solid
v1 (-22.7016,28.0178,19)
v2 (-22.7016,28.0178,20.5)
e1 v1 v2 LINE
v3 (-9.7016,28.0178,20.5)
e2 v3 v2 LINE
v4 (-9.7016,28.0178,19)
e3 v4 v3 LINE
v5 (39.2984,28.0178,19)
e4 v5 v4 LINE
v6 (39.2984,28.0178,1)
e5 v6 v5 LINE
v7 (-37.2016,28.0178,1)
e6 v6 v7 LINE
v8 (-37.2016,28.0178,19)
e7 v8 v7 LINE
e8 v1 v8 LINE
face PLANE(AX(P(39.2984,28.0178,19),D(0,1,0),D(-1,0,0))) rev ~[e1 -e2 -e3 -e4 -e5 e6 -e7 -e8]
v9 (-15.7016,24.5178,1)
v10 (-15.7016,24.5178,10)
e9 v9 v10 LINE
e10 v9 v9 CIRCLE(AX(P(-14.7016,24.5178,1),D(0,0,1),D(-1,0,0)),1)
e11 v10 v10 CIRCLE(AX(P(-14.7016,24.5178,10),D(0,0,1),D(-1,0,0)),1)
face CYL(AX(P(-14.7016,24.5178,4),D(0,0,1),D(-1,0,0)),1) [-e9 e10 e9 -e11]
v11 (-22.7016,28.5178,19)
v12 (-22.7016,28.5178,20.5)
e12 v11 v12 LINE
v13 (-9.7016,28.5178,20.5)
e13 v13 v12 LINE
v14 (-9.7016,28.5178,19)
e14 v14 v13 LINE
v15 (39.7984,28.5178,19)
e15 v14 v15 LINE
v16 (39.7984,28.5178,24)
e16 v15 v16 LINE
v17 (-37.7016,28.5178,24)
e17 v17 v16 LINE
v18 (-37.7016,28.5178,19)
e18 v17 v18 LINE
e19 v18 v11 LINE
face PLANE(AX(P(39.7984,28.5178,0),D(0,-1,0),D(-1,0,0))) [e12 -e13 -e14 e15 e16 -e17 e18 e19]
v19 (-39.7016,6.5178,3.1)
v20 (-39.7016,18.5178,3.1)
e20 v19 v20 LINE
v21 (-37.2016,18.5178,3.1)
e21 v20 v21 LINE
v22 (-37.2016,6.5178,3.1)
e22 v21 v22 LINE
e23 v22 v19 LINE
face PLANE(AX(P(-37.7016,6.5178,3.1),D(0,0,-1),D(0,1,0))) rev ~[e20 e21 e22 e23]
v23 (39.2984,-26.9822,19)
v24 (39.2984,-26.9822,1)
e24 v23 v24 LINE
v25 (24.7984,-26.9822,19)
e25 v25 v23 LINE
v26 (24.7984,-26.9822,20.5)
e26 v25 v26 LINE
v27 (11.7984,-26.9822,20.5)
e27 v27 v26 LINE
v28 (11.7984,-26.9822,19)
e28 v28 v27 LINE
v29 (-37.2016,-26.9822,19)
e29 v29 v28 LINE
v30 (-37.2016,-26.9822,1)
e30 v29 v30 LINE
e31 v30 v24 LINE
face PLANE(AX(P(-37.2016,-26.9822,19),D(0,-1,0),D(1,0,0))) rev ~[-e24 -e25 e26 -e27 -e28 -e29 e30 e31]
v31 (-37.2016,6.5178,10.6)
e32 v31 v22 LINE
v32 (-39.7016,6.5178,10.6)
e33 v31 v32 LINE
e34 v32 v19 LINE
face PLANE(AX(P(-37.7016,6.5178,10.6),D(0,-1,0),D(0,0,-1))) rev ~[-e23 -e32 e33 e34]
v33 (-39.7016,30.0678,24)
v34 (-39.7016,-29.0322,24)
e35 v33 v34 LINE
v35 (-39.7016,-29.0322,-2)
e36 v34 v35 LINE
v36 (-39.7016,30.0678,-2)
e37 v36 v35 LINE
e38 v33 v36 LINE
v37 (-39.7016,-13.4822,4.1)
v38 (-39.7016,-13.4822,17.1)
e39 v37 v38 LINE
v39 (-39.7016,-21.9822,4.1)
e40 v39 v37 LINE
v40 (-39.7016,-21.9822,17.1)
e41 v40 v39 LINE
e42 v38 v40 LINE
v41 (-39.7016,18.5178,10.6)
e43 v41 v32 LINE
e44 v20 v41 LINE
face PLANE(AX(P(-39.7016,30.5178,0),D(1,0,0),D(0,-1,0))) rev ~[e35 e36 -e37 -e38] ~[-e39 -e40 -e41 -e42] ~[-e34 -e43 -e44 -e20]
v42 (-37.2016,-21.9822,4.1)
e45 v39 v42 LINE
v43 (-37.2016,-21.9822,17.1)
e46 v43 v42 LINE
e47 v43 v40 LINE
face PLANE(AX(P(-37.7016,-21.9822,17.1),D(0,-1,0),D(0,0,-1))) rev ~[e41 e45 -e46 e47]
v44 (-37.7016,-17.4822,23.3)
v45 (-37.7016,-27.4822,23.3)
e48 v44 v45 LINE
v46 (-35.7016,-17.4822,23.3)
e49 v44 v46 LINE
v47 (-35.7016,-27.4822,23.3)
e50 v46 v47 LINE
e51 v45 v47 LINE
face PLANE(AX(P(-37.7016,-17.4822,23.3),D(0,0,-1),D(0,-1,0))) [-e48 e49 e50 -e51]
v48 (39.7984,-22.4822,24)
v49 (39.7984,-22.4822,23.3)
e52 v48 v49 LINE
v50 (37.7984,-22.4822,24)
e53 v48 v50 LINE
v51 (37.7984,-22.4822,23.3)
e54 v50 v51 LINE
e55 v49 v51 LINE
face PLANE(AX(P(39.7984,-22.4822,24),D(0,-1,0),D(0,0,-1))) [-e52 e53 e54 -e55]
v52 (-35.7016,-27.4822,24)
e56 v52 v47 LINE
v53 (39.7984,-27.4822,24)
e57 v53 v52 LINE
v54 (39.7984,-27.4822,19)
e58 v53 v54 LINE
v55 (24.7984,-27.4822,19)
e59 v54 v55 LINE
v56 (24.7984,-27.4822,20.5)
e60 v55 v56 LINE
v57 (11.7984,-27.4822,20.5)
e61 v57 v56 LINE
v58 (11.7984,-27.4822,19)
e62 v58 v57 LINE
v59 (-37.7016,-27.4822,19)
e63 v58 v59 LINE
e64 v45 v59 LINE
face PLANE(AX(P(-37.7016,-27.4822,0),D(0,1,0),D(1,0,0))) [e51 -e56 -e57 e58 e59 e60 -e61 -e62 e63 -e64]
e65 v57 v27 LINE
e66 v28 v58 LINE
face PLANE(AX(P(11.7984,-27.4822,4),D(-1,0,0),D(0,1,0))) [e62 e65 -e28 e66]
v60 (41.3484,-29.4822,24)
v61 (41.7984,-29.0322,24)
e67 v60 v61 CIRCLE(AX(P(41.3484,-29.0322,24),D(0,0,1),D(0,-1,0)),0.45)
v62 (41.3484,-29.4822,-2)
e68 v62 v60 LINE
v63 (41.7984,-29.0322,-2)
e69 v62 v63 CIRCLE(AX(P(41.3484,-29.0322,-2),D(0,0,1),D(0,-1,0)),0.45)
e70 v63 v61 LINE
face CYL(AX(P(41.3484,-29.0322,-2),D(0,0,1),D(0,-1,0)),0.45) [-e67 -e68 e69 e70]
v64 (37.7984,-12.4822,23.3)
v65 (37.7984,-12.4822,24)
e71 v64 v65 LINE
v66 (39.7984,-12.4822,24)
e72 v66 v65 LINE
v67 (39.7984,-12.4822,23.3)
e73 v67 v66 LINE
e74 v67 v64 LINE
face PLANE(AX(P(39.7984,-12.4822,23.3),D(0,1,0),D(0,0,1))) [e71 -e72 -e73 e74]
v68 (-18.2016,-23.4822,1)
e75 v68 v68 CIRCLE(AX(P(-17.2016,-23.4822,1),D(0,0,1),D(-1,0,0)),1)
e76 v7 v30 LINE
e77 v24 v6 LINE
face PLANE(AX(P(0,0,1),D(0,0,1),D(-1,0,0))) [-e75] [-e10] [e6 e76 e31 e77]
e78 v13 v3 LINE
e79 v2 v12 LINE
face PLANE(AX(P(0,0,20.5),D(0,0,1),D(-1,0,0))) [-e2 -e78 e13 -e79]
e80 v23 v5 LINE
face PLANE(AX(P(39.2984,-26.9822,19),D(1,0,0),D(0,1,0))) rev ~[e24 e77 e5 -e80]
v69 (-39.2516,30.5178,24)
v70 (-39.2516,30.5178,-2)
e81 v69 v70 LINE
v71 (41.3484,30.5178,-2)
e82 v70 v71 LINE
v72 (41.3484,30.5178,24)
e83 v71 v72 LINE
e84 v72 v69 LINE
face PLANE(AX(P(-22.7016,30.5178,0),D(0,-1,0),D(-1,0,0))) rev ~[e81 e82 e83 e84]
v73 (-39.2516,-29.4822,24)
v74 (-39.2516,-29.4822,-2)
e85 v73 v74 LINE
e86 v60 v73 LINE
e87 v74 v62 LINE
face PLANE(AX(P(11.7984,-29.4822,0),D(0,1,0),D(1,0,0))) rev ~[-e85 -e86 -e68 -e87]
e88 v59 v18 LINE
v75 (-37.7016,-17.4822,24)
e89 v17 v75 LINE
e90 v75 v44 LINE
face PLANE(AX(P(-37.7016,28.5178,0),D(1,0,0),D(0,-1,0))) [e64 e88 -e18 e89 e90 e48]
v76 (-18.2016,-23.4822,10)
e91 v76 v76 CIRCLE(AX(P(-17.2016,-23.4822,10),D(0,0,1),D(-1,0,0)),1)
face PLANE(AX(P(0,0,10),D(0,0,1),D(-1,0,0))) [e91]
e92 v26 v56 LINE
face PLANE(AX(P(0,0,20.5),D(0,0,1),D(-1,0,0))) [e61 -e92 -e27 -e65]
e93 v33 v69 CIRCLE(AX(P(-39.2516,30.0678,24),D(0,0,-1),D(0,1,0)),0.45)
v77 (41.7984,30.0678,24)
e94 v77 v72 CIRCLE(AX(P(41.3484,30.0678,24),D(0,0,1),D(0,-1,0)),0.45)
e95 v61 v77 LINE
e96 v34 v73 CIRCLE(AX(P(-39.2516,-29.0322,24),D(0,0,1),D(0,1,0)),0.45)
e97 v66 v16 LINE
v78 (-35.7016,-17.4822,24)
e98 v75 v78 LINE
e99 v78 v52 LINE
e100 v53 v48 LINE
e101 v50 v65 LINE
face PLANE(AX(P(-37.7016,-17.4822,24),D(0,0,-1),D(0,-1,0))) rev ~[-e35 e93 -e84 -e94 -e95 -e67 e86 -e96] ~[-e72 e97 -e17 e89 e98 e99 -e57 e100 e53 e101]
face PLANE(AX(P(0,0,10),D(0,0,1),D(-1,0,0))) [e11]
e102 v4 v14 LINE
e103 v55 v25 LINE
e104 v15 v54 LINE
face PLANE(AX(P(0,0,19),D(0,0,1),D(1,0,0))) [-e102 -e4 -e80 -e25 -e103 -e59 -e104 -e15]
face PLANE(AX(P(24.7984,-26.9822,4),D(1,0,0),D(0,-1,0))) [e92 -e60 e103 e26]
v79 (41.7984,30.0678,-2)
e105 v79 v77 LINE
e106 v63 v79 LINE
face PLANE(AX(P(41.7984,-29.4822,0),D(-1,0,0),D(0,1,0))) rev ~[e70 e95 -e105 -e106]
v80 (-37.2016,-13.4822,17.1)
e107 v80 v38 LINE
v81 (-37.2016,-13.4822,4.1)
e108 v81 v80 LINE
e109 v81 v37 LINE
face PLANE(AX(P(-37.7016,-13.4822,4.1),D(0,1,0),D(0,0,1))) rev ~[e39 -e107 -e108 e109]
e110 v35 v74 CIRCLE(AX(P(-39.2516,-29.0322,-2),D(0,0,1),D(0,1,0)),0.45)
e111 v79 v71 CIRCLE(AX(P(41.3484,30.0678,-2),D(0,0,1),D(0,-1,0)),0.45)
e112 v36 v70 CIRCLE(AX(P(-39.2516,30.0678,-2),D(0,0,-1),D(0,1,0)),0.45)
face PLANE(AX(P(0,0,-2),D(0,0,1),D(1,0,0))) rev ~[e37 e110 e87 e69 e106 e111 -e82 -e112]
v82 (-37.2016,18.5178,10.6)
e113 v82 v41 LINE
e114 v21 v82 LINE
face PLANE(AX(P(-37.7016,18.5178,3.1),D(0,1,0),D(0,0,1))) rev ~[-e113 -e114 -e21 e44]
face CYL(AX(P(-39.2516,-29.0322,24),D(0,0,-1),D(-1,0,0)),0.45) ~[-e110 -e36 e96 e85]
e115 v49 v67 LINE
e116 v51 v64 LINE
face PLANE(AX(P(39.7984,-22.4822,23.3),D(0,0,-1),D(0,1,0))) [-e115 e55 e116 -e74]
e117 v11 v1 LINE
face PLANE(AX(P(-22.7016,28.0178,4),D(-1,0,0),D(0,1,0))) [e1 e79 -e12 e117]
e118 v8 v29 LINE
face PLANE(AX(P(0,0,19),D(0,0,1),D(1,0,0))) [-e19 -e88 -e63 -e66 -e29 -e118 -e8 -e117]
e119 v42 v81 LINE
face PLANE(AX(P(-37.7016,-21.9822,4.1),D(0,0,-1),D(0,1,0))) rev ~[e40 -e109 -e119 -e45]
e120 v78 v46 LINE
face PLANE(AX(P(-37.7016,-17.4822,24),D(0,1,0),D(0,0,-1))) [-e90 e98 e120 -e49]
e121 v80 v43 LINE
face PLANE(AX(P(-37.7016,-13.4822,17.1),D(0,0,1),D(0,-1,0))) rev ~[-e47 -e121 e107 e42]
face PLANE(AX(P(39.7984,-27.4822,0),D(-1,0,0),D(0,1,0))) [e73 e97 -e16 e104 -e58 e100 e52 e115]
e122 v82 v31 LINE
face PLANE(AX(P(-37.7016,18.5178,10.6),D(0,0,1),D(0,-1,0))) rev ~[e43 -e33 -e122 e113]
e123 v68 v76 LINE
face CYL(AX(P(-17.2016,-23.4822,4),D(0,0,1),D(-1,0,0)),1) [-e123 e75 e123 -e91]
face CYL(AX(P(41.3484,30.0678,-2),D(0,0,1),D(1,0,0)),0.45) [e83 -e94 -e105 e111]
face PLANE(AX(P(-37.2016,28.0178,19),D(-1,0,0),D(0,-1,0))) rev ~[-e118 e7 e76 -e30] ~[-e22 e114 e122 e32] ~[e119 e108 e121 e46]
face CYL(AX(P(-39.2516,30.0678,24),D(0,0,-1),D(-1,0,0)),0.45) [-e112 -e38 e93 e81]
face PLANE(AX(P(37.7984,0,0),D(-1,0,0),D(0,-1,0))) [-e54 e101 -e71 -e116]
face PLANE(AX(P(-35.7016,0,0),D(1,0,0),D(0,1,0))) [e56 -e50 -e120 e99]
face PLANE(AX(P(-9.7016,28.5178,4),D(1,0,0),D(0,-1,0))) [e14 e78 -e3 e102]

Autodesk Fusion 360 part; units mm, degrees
sketch "Esquisse1" plane through (0, 0, 0) normal (0, 0, 1) x (1, 0, 0)
  line L0 (-37.7016, 28.5178) -> (39.7984, 28.5178)
  line L1 (39.7984, 28.5178) -> (39.7984, -27.4822)
  line L2 (39.7984, -27.4822) -> (-37.7016, -27.4822)
  line L3 (-37.7016, -27.4822) -> (-37.7016, 28.5178)
  dimension "d1" = 77.5
  dimension "d2" = 56
extrude "Extrusion1" add sketch "Esquisse1" along normal blind 19
sketch "Esquisse2" plane through (0, 0, 19) normal (0, 0, 1) x (-1, 0, 0)
  line L0 (37.7016, 27.4822) -> (-39.7984, 27.4822)
  line L1 (-39.7984, 27.4822) -> (-39.7984, -28.5178)
  line L2 (-39.7984, -28.5178) -> (37.7016, -28.5178)
  line L3 (37.7016, -28.5178) -> (37.7016, 27.4822)
  line L4 (-39.2984, -28.0178) -> (37.2016, -28.0178)
  line L5 (37.2016, -28.0178) -> (37.2016, 26.9822)
  line L6 (37.2016, 26.9822) -> (-39.2984, 26.9822)
  line L7 (-39.2984, 26.9822) -> (-39.2984, -28.0178)
  dimension "d5" = -0.5
extrude "Extrusion2" cut sketch "Esquisse2" against normal blind 15 contours L4 L5 L6 L7
sketch "Esquisse5" plane through (0, 0, 4) normal (0, 0, 1) x (-1, 0, 0)
  line L0 (-39.2984, 26.9822) -> (-39.2984, -28.0178)
  line L1 (-39.2984, -28.0178) -> (37.2016, -28.0178)
  line L2 (37.2016, -28.0178) -> (37.2016, 26.9822)
  line L3 (37.2016, 26.9822) -> (-39.2984, 26.9822)
  line L4 (37.7016, 27.4822) -> (-39.7984, 27.4822)
  line L5 (-39.2984, 26.9822) -> (37.2016, 26.9822)
  line L6 (37.2016, -28.0178) -> (-39.2984, -28.0178)
  line L7 (-39.7984, -28.5178) -> (37.7016, -28.5178)
  line L8 (-24.7984, 27.4822) -> (-11.7984, 27.4822)
  line L9 (-11.7984, 27.4822) -> (-11.7984, 26.9822)
  line L10 (-11.7984, 26.9822) -> (-24.7984, 26.9822)
  line L11 (-24.7984, 26.9822) -> (-24.7984, 27.4822)
  line L12 (9.7016, -28.0178) -> (22.7016, -28.0178)
  line L13 (22.7016, -28.0178) -> (22.7016, -28.5178)
  line L14 (22.7016, -28.5178) -> (9.7016, -28.5178)
  line L15 (9.7016, -28.5178) -> (9.7016, -28.0178)
  line L16 (-39.7984, 27.4822) -> (-39.7984, -28.5178)
  line L17 (-39.2984, -28.0178) -> (-39.2984, 26.9822)
  line L18 (37.2016, 26.9822) -> (37.2016, -28.0178)
  line L19 (37.7016, -28.5178) -> (37.7016, 27.4822)
  dimension "d11" = 13
  dimension "d12" = 13
  dimension "d13" = 15
  dimension "d14" = 15
extrude "Extrusion3" add sketch "Esquisse5" along normal blind 16.5 contours L3 L4 L5 L8 L9 L10 L11 | L1 L6 L7 L12 L13 L14 L15
sketch "Esquisse6" plane through (0, 0, 4) normal (0, 0, 1) x (-1, 0, 0)
  line L0 (-39.2984, 26.9822) -> (-39.2984, -28.0178)
  line L1 (-39.2984, -28.0178) -> (37.2016, -28.0178)
  line L2 (37.2016, -28.0178) -> (37.2016, 26.9822)
  line L3 (37.2016, 26.9822) -> (-39.2984, 26.9822)
  circle A0 centre (14.7016, -24.5178) radius 1
  circle A1 centre (17.2016, 23.4822) radius 1
  line L4 (37.7016, -28.5178) -> (37.7016, 27.4822)
  line L5 (9.7016, -28.5178) -> (22.7016, -28.5178)
  line L6 (37.7016, 27.4822) -> (-11.7984, 27.4822)
  dimension "d17" = 2
  dimension "d18" = 2
  dimension "d22" = 4
  dimension "d23" = 4
  dimension "d49" = 20
  dimension "d50" = 22.5
extrude "Extrusion4" add sketch "Esquisse6" along normal blind 6 contours A0 | A1
sketch "Esquisse7" plane through (-37.7016, 0, 0) normal (-1, 0, 0) x (0, -1, 0)
  line L0 (-28.5178, 0) -> (27.4822, 0)
  line L1 (27.4822, 0) -> (27.4822, 19)
  line L2 (27.4822, 19) -> (-28.5178, 19)
  line L3 (-28.5178, 19) -> (-28.5178, 0)
  line L4 (-18.5178, 10.6) -> (-6.5178, 10.6)
  line L5 (-6.5178, 10.6) -> (-6.5178, 3.1)
  line L6 (-6.5178, 3.1) -> (-18.5178, 3.1)
  line L7 (-18.5178, 3.1) -> (-18.5178, 10.6)
  line L8 (13.4822, 17.1) -> (21.9822, 17.1)
  line L9 (21.9822, 17.1) -> (21.9822, 4.1)
  line L10 (21.9822, 4.1) -> (13.4822, 4.1)
  line L11 (13.4822, 4.1) -> (13.4822, 17.1)
  dimension "d26" = 12
  dimension "d27" = 7.5
  dimension "d28" = 10
  dimension "d29" = 8.5
  dimension "d30" = 13
  dimension "d31" = 5.5
  dimension "d32" = 4.1
  dimension "d33" = 3.1
extrude "Extrusion5" cut sketch "Esquisse7" against normal blind 33 contours L4 L5 L6 L7 | L8 L9 L10 L11
extrude "Extrusion6" cut sketch "Esquisse6" against normal blind 3
extrude "Extrusion7" add 1 faces at (-11.8683, 9.8511, 0) along direction (0, 0, -1) blind 2
sketch "Esquisse8" plane through (0, 0, 0) normal (0, 0, 1) x (1, 0, 0)
  line L0 (39.7984, 28.5178) -> (-9.7016, 28.5178)
  line L1 (-9.7016, 28.5178) -> (-22.7016, 28.5178)
  line L2 (-22.7016, 28.5178) -> (-37.7016, 28.5178)
  line L3 (-37.7016, 28.5178) -> (-37.7016, -27.4822)
  line L4 (39.7984, -27.4822) -> (39.7984, 28.5178)
  line L5 (24.7984, -27.4822) -> (39.7984, -27.4822)
  line L6 (11.7984, -27.4822) -> (24.7984, -27.4822)
  line L7 (-37.7016, -27.4822) -> (11.7984, -27.4822)
  line L8 (24.7984, -29.4822) -> (41.7984, -29.4822)
  line L9 (41.7984, -29.4822) -> (41.7984, 30.5178)
  line L10 (41.7984, 30.5178) -> (-9.7016, 30.5178)
  line L11 (-9.7016, 30.5178) -> (-22.7016, 30.5178)
  line L12 (-22.7016, 30.5178) -> (-39.7016, 30.5178)
  line L13 (-39.7016, 30.5178) -> (-39.7016, -29.4822)
  line L14 (-39.7016, -29.4822) -> (11.7984, -29.4822)
  line L15 (11.7984, -29.4822) -> (24.7984, -29.4822)
  dimension "d40" = 2
extrude "Extrusion8" add sketch "Esquisse8" along normal blind 24 and the other way blind 2
extrude "Extrusion9" cut 2 faces at (-37.7016, -16.3155, 8.4333) (-37.7016, 14.5178, 5.6) along direction (1, 0, 0) blind 0 and the other way blind 5
extrude "Extrusion10" add sketch "Esquisse6" along normal blind 6 and the other way blind 2 contours A1
sketch "Esquisse9" plane through (39.7984, 0, 0) normal (-1, 0, 0) x (0, -1, 0)
  line L0 (-28.5178, 19) -> (27.4822, 19)
  line L1 (27.4822, 19) -> (27.4822, 24)
  line L2 (27.4822, 24) -> (-28.5178, 24)
  line L3 (-28.5178, 24) -> (-28.5178, 19)
  line L4 (12.4822, 24) -> (22.4822, 24)
  line L5 (22.4822, 24) -> (22.4822, 23.3)
  line L6 (22.4822, 23.3) -> (12.4822, 23.3)
  line L7 (12.4822, 23.3) -> (12.4822, 24)
  dimension "d55" = 10
  dimension "d56" = 0.7
  dimension "d57" = 5
extrude "Extrusion11" add sketch "Esquisse9" along normal blind 2 contours L2 L4 L5 L6 L7
sketch "Esquisse10" plane through (-37.7016, 0, 0) normal (1, 0, 0) x (0, 1, 0)
  line L0 (-27.4822, 19) -> (28.5178, 19)
  line L1 (28.5178, 19) -> (28.5178, 24)
  line L2 (28.5178, 24) -> (-27.4822, 24)
  line L3 (-27.4822, 24) -> (-27.4822, 19)
  line L4 (-27.4822, 24) -> (-17.4822, 24)
  line L5 (-17.4822, 24) -> (-17.4822, 23.3)
  line L6 (-17.4822, 23.3) -> (-27.4822, 23.3)
  line L7 (-27.4822, 23.3) -> (-27.4822, 24)
  dimension "d60" = 10
  dimension "d61" = 0.7
extrude "Extrusion12" add sketch "Esquisse10" along normal blind 2 contours L2 L3 L4 L5 L6 L7
fillet "Congé1" radius 0.45 4 edges at (41.7984, -29.4822, 11) (41.7984, 30.5178, 11) (-39.7016, 30.5178, 11) (-39.7016, -29.4822, 11)
equation "d1 = LongueurBoite"
equation "d2 = LargeurBoite"
equation "d26 = LargeurTrouUSB"
equation "d27 = HauteurTrouUSB"
equation "d28 = DistanceBordTrouUSB"
equation "d29 = LargeurTrouAC"
equation "d30 = HauteurTrouAC"
equation "d31 = DistanceBordTrouAC"
equation "d32 = DistanceDessousTrouAC"
equation "d33 = DistanceDessousTrouUSB"
equation "LargeurBoite = 56 mm"
equation "LongueurBoite = 77.5 mm"
equation "LargeurTrouAC = 8.5 mm"
equation "HauteurTrouAC = 13 mm"
equation "LargeurTrouUSB = 12 mm"
equation "HauteurTrouUSB = 7.5 mm"
equation "DistanceBordTrouUSB = 10 mm"
equation "DistanceBordTrouAC = 5.5 mm"
equation "DistanceDessousTrouUSB = 3.1 mm"
equation "DistanceDessousTrouAC = 4.1 mm"
